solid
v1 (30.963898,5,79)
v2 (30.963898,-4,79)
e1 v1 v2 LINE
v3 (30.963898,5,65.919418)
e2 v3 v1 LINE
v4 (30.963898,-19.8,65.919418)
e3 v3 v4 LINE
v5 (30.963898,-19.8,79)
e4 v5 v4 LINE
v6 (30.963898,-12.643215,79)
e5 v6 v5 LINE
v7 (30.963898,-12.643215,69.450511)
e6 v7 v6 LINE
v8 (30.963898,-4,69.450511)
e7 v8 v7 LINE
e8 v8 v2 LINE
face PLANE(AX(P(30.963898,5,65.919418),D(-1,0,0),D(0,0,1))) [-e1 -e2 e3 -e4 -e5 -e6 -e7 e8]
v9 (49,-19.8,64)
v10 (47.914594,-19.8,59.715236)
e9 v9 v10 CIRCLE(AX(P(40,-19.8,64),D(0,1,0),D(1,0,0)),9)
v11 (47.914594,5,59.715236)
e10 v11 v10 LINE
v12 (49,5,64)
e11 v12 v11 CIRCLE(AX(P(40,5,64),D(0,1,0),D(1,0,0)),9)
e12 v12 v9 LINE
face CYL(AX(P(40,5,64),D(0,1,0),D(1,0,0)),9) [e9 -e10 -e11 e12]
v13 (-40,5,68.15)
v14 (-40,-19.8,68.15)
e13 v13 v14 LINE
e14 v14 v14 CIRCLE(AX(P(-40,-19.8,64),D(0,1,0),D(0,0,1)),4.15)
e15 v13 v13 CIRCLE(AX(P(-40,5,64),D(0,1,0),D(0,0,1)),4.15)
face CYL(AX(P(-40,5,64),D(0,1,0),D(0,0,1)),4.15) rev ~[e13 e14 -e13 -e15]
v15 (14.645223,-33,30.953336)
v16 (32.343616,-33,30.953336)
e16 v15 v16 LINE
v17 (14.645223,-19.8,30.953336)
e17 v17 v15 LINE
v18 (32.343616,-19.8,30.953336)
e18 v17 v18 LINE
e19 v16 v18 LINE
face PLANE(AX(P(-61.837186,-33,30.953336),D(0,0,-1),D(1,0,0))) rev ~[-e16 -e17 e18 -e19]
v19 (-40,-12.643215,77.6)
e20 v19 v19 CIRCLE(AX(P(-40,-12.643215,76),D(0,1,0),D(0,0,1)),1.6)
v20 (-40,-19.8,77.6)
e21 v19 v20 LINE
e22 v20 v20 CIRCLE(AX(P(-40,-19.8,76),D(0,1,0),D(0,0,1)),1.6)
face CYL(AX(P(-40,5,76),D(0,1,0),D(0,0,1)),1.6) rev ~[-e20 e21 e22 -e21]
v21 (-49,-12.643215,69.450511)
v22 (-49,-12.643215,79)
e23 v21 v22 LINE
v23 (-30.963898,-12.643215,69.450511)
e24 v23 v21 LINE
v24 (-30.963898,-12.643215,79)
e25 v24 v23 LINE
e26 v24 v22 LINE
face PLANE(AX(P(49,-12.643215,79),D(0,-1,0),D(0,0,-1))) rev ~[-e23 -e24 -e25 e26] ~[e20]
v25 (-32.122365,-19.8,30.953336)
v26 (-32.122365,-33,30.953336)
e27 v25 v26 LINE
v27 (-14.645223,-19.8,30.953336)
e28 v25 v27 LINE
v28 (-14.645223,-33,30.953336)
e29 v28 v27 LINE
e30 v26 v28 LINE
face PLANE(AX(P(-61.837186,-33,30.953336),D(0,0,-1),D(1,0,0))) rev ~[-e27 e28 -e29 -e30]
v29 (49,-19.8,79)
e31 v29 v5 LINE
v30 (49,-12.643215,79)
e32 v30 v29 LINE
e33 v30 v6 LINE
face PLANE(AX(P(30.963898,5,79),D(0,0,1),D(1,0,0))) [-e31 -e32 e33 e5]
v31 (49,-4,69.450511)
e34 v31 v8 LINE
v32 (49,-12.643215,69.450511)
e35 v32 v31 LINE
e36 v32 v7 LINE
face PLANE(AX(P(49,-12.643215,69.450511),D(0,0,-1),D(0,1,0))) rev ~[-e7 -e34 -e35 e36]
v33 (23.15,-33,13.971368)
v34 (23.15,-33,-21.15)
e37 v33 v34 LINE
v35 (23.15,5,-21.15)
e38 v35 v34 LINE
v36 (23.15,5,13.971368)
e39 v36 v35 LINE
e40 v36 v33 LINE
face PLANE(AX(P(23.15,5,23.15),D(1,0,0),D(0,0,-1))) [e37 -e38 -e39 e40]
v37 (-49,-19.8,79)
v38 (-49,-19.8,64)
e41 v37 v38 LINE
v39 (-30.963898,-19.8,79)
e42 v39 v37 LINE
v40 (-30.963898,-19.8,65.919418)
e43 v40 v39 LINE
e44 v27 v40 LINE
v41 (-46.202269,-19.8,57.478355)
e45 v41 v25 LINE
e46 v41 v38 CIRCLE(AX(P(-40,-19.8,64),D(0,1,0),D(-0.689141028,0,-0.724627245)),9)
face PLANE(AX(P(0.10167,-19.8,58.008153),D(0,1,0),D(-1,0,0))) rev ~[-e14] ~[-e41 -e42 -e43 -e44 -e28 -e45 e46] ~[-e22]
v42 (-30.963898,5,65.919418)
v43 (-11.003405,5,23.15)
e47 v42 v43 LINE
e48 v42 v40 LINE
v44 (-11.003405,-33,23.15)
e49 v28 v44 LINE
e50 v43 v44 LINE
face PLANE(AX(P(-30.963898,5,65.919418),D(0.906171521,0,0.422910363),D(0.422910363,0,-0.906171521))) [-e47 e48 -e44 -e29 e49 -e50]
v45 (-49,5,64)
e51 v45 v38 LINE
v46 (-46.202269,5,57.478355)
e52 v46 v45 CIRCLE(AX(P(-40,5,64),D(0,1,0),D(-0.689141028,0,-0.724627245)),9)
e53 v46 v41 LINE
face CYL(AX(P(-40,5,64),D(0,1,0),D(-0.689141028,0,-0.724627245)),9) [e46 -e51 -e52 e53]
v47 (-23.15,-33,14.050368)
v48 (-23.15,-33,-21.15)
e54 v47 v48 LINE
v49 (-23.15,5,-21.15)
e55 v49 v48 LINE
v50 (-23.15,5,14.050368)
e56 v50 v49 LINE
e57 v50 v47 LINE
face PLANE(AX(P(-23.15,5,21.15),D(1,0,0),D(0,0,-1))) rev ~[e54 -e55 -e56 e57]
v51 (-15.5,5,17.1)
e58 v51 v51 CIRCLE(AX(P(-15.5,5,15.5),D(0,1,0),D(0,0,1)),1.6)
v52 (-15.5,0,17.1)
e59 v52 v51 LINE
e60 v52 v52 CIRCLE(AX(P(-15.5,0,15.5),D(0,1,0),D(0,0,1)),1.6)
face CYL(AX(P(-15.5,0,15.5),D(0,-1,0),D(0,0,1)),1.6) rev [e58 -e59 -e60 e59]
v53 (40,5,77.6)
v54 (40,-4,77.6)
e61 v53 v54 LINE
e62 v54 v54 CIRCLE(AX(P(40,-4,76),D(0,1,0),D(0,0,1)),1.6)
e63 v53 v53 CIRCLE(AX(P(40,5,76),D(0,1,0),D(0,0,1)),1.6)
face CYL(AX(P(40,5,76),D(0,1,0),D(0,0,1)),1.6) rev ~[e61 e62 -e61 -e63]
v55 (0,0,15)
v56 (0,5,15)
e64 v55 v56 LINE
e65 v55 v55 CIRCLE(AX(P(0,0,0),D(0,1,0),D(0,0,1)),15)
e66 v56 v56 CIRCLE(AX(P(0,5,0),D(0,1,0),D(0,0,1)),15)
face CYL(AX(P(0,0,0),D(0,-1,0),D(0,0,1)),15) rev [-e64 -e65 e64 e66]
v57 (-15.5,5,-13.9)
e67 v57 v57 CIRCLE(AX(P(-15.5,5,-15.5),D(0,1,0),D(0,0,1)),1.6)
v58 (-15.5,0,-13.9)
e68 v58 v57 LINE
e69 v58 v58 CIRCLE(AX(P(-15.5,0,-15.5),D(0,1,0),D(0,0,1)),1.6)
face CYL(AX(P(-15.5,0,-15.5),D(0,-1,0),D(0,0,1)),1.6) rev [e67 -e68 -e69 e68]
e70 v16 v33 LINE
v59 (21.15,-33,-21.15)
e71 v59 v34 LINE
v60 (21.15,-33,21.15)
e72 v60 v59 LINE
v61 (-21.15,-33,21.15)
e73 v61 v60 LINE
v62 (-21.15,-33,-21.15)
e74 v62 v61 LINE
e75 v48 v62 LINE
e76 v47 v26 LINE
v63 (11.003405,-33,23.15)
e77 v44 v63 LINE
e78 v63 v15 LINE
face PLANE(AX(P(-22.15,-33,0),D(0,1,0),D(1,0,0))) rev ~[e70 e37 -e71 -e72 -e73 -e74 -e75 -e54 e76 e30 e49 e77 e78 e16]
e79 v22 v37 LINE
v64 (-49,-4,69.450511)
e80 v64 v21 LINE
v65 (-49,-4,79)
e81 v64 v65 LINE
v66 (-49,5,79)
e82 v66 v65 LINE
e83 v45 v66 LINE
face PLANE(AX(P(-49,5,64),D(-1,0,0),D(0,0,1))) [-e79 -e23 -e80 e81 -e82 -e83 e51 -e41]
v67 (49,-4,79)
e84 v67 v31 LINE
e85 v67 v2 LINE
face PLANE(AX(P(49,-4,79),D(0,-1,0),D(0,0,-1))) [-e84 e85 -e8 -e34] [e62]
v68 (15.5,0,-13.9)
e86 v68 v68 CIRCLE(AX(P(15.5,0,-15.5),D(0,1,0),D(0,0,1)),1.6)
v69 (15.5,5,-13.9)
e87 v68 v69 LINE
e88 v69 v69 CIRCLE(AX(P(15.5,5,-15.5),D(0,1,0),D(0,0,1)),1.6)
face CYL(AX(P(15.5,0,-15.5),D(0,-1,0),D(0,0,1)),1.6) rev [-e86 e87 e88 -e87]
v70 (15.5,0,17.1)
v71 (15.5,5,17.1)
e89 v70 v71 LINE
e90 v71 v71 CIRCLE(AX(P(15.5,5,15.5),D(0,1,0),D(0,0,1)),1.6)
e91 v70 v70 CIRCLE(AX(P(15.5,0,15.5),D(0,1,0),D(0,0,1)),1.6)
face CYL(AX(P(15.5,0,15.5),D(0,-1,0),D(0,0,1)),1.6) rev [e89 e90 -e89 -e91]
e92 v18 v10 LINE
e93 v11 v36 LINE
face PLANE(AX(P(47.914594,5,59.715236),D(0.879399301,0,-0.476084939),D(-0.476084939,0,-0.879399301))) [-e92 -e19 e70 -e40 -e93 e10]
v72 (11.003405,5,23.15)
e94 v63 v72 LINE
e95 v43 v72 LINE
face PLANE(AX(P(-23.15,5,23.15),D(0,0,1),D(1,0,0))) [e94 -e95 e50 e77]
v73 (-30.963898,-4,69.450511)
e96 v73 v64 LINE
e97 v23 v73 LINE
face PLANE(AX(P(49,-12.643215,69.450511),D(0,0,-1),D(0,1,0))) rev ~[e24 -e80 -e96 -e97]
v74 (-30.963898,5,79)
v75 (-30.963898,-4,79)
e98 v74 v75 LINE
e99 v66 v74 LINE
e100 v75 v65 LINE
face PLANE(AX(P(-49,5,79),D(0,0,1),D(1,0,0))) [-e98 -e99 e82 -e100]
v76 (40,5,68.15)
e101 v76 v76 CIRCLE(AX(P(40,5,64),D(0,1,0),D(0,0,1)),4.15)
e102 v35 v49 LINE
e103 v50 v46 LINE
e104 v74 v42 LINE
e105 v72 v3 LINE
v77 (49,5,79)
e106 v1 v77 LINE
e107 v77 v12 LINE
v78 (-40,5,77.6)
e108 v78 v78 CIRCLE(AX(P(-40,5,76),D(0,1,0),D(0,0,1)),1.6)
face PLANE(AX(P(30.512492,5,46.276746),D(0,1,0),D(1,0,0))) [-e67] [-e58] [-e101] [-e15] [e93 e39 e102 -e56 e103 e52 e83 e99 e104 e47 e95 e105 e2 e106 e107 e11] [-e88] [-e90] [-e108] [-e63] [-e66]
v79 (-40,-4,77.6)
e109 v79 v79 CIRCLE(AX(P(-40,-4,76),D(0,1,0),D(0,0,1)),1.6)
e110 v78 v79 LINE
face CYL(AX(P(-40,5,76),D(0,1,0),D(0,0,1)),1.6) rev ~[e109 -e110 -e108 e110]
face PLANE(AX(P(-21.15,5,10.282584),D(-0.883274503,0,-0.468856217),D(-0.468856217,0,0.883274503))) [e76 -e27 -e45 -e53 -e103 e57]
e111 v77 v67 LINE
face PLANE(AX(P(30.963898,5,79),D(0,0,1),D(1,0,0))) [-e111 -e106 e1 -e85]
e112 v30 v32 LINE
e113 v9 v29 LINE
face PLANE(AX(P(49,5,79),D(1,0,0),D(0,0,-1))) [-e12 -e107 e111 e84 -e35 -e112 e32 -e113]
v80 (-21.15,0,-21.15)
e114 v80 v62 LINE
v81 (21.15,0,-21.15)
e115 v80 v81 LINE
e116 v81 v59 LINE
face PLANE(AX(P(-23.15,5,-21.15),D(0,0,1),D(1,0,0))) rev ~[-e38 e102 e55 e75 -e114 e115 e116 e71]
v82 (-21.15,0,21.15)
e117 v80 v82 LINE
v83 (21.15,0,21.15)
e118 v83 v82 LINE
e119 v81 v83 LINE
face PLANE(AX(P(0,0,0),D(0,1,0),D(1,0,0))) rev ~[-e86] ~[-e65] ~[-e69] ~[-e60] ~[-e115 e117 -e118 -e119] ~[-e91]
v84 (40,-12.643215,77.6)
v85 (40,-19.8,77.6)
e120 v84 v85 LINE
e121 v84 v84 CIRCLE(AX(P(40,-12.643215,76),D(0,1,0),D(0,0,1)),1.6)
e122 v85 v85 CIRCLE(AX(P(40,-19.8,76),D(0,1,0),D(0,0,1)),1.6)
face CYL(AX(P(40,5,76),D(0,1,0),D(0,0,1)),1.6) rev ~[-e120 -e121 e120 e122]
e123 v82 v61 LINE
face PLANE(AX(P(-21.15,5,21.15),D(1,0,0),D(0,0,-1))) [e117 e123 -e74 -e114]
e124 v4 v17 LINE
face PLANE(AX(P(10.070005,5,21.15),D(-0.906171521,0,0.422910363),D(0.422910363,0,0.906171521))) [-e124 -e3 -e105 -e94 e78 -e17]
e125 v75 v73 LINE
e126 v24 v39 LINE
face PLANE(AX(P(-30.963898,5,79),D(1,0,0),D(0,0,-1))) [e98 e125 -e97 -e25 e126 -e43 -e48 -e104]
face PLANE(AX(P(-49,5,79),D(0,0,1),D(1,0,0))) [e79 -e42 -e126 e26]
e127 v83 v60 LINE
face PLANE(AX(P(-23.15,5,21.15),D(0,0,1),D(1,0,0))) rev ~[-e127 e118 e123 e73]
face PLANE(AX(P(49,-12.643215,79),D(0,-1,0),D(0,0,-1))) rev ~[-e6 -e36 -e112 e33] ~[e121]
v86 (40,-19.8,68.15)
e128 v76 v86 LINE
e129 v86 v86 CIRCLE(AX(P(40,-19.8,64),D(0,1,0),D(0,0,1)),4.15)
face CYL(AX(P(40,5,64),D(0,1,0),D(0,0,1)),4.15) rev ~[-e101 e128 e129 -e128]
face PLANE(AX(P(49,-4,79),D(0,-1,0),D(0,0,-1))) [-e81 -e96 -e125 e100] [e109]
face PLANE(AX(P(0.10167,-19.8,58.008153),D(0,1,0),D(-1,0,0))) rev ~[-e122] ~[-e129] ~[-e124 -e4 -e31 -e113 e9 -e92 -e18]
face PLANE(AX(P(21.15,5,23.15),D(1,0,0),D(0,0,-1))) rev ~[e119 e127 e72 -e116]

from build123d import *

# Parameters (mm, degrees)
SKETCH_6_W          = 42.3
SKETCH_6_H          = 42.3
SKETCH_6_R          = 1.6
SKETCH_6_R_2        = 15
EXTRUDE_1_DEPTH     = 5
SKETCH_7_R          = 1.6
SKETCH_7_R_2        = 4.15
EXTRUDE_5_DEPTH     = 38
SKETCH_7_7_R        = 4.15
SKETCH_7_7_R_2      = 1.6
EXTRUDE_7_DEPTH     = 38
SKETCH_7_8_R        = 4.15
SKETCH_7_8_R_2      = 1.6
EXTRUDE_8_DEPTH     = 38
SKETCH_12_W         = 2
SKETCH_12_H         = 44.3
EXTRUDE_11_DEPTH    = 38
SKETCH_14_W         = 44.3
SKETCH_14_H         = 2
EXTRUDE_12_DEPTH    = 38
SKETCH_15_W         = 2
SKETCH_15_H         = 42.3
EXTRUDE_13_DEPTH    = 38
CUT_EXTRUDE_1_DEPTH = 13.2
SKETCH_18_W         = 9.549489015
SKETCH_18_H         = 8.643215043
CUT_EXTRUDE_2_DEPTH = 123


with BuildPart() as part:
    # 草图6 → 凸台-拉伸1 (new body)
    with BuildSketch(Plane(origin=(0, 0, 0), x_dir=(1, 0, 0), z_dir=(0, 1, 0))):
        Rectangle(SKETCH_6_W, SKETCH_6_H)
        with Locations(Location((15.5, 15.5, 0), (0, 0, 270))):
            Circle(SKETCH_6_R, mode=Mode.SUBTRACT)
        with Locations(Location((-15.5, 15.5, 0), (0, 0, 270))):
            Circle(SKETCH_6_R, mode=Mode.SUBTRACT)
        with Locations(Location((-15.5, -15.5, 0), (0, 0, 270))):
            Circle(SKETCH_6_R, mode=Mode.SUBTRACT)
        with Locations(Location((15.5, -15.5, 0), (0, 0, 270))):
            Circle(SKETCH_6_R, mode=Mode.SUBTRACT)
        with Locations(Location((0, 0, 0), (0, 0, 270))):
            Circle(SKETCH_6_R_2, mode=Mode.SUBTRACT)
    extrude(amount=EXTRUDE_1_DEPTH)

    # 草图7 → 凸台-拉伸5 (add)
    with BuildSketch(Plane(origin=(0, 5, 0), x_dir=(1, 0, 0), z_dir=(0, 1, 0))):
        with BuildLine():
            Line((49, -79), (49, -64))
            ThreePointArc((49, -64), (48.724429591, -61.789948347), (47.914593709, -59.715235547))
            Line((47.914593709, -59.715235547), (21.15, -10.277072187))
            Line((21.15, -10.277072187), (21.15, -21.15))
            Line((21.15, -21.15), (10.070005019, -21.15))
            Line((10.070005019, -21.15), (30.963898233, -65.919418373))
            Line((30.963898233, -65.919418373), (30.963898233, -79))
            Line((30.963898233, -79), (49, -79))
        make_face()
        with Locations(Location((40, -76, 0), (0, 0, 270))):
            Circle(SKETCH_7_R, mode=Mode.SUBTRACT)
        with Locations(Location((40, -64, 0), (0, 0, 270))):
            Circle(SKETCH_7_R_2, mode=Mode.SUBTRACT)
        with BuildLine():
            Line((-30.963898233, -65.919418373), (-10.070005019, -21.15))
            Line((-10.070005019, -21.15), (-21.15, -21.15))
            Line((-21.15, -21.15), (-21.15, -10.282583808))
            Line((-21.15, -10.282583808), (-46.202269248, -57.478354795))
            ThreePointArc((-46.202269248, -57.478354795), (-48.271046585, -60.45179082), (-49, -64))
            Line((-49, -64), (-49, -79))
            Line((-49, -79), (-30.963898233, -79))
            Line((-30.963898233, -79), (-30.963898233, -65.919418373))
        make_face()
        with Locations(Location((-40, -76, 0), (0, 0, 270))):
            Circle(SKETCH_7_R, mode=Mode.SUBTRACT)
        with Locations(Location((-40, -64, 0), (0, 0, 270))):
            Circle(SKETCH_7_R_2, mode=Mode.SUBTRACT)
    extrude(amount=-EXTRUDE_5_DEPTH)


with BuildPart() as extrude_7_tool:
    # 草图7<7> → 凸台-拉伸7 (new body)
    with BuildSketch(Plane(origin=(0, 5, 0), x_dir=(1, 0, 0), z_dir=(0, 1, 0))):
        with Locations(Location((-40, -64, 0), (0, 0, 270))):
            Circle(SKETCH_7_7_R)
        with Locations(Location((40, -64, 0), (0, 0, 270))):
            Circle(SKETCH_7_7_R)
        with Locations(Location((40, -76, 0), (0, 0, 270))):
            Circle(SKETCH_7_7_R_2)
        with Locations(Location((-40, -76, 0), (0, 0, 270))):
            Circle(SKETCH_7_7_R_2)
    extrude(amount=EXTRUDE_7_DEPTH)


with BuildPart() as part_1:
    add(part.part)


with BuildPart() as part_2:
    # 凸台-拉伸7: joined with extrude_7_tool
    add(part_1.part.fuse(extrude_7_tool.part, tol=0.00001))


with BuildPart() as extrude_7_kept_piece:
    # of the separate pieces the step leaves, the one the design keeps (extrude_7_pieces_kept)
    add(part_2.part.solids().sort_by_distance((-10.070005019, 0, 21.15))[0])


with BuildPart() as extrude_8_tool:
    # 草图7<8> → 凸台-拉伸8 (new body)
    with BuildSketch(Plane(origin=(0, 5, 0), x_dir=(1, 0, 0), z_dir=(0, 1, 0))):
        with Locations(Location((-40, -64, 0), (0, 0, 270))):
            Circle(SKETCH_7_8_R)
        with Locations(Location((40, -64, 0), (0, 0, 270))):
            Circle(SKETCH_7_8_R)
        with Locations(Location((40, -76, 0), (0, 0, 270))):
            Circle(SKETCH_7_8_R_2)
        with Locations(Location((-40, -76, 0), (0, 0, 270))):
            Circle(SKETCH_7_8_R_2)
    extrude(amount=EXTRUDE_8_DEPTH)


with BuildPart() as extrude_7_kept_piece_1:
    add(extrude_7_kept_piece.part)


with BuildPart() as extrude_7_kept_piece_2:
    # 凸台-拉伸8: joined with extrude_8_tool
    add(extrude_7_kept_piece_1.part.fuse(extrude_8_tool.part, tol=0.00001))


with BuildPart() as extrude_8_kept_piece:
    # of the separate pieces the step leaves, the one the design keeps (extrude_8_pieces_kept)
    add(extrude_7_kept_piece_2.part.solids().sort_by_distance((-10.070005019, 0, 21.15))[0])

    # 草图12 → 凸台-拉伸11 (add)
    with BuildSketch(Plane(origin=(0, 5, 0), x_dir=(1, 0, 0), z_dir=(0, 1, 0))):
        with Locations((22.15, -1)):
            Rectangle(SKETCH_12_W, SKETCH_12_H)
    extrude(amount=-EXTRUDE_11_DEPTH)

    # 草图14 → 凸台-拉伸12 (add)
    with BuildSketch(Plane(origin=(0, 5, 0), x_dir=(1, 0, 0), z_dir=(0, 1, 0))):
        with Locations((-1, -22.15)):
            Rectangle(SKETCH_14_W, SKETCH_14_H)
    extrude(amount=-EXTRUDE_12_DEPTH)

    # 草图15 → 凸台-拉伸13 (add)
    with BuildSketch(Plane(origin=(0, 5, 0), x_dir=(1, 0, 0), z_dir=(0, 1, 0))):
        with Locations((-22.15, 0)):
            Rectangle(SKETCH_15_W, SKETCH_15_H)
    extrude(amount=-EXTRUDE_13_DEPTH)

    # 草图17 → 切除-拉伸1 (cut)
    with BuildSketch(Plane.XZ.offset(33)):
        Polygon((62.040525686, 30.953335803), (-8.604799232, 30.953335803), (-61.83718559, 30.953335803), (-61.83718559, 85.06296978), (-8.604799232, 85.06296978), (62.040525686, 85.06296978), align=None)
    extrude(amount=-CUT_EXTRUDE_1_DEPTH, mode=Mode.SUBTRACT)

    # 草图18 → 切除-拉伸2 (cut)
    with BuildSketch(Plane(origin=(49, 0, 0), x_dir=(0, 0, -1), z_dir=(1, 0, 0))):
        with Locations((-74.225255492, -8.321607522)):
            Rectangle(SKETCH_18_W, SKETCH_18_H)
    extrude(amount=-CUT_EXTRUDE_2_DEPTH, mode=Mode.SUBTRACT)


solid = extrude_8_kept_piece.part
